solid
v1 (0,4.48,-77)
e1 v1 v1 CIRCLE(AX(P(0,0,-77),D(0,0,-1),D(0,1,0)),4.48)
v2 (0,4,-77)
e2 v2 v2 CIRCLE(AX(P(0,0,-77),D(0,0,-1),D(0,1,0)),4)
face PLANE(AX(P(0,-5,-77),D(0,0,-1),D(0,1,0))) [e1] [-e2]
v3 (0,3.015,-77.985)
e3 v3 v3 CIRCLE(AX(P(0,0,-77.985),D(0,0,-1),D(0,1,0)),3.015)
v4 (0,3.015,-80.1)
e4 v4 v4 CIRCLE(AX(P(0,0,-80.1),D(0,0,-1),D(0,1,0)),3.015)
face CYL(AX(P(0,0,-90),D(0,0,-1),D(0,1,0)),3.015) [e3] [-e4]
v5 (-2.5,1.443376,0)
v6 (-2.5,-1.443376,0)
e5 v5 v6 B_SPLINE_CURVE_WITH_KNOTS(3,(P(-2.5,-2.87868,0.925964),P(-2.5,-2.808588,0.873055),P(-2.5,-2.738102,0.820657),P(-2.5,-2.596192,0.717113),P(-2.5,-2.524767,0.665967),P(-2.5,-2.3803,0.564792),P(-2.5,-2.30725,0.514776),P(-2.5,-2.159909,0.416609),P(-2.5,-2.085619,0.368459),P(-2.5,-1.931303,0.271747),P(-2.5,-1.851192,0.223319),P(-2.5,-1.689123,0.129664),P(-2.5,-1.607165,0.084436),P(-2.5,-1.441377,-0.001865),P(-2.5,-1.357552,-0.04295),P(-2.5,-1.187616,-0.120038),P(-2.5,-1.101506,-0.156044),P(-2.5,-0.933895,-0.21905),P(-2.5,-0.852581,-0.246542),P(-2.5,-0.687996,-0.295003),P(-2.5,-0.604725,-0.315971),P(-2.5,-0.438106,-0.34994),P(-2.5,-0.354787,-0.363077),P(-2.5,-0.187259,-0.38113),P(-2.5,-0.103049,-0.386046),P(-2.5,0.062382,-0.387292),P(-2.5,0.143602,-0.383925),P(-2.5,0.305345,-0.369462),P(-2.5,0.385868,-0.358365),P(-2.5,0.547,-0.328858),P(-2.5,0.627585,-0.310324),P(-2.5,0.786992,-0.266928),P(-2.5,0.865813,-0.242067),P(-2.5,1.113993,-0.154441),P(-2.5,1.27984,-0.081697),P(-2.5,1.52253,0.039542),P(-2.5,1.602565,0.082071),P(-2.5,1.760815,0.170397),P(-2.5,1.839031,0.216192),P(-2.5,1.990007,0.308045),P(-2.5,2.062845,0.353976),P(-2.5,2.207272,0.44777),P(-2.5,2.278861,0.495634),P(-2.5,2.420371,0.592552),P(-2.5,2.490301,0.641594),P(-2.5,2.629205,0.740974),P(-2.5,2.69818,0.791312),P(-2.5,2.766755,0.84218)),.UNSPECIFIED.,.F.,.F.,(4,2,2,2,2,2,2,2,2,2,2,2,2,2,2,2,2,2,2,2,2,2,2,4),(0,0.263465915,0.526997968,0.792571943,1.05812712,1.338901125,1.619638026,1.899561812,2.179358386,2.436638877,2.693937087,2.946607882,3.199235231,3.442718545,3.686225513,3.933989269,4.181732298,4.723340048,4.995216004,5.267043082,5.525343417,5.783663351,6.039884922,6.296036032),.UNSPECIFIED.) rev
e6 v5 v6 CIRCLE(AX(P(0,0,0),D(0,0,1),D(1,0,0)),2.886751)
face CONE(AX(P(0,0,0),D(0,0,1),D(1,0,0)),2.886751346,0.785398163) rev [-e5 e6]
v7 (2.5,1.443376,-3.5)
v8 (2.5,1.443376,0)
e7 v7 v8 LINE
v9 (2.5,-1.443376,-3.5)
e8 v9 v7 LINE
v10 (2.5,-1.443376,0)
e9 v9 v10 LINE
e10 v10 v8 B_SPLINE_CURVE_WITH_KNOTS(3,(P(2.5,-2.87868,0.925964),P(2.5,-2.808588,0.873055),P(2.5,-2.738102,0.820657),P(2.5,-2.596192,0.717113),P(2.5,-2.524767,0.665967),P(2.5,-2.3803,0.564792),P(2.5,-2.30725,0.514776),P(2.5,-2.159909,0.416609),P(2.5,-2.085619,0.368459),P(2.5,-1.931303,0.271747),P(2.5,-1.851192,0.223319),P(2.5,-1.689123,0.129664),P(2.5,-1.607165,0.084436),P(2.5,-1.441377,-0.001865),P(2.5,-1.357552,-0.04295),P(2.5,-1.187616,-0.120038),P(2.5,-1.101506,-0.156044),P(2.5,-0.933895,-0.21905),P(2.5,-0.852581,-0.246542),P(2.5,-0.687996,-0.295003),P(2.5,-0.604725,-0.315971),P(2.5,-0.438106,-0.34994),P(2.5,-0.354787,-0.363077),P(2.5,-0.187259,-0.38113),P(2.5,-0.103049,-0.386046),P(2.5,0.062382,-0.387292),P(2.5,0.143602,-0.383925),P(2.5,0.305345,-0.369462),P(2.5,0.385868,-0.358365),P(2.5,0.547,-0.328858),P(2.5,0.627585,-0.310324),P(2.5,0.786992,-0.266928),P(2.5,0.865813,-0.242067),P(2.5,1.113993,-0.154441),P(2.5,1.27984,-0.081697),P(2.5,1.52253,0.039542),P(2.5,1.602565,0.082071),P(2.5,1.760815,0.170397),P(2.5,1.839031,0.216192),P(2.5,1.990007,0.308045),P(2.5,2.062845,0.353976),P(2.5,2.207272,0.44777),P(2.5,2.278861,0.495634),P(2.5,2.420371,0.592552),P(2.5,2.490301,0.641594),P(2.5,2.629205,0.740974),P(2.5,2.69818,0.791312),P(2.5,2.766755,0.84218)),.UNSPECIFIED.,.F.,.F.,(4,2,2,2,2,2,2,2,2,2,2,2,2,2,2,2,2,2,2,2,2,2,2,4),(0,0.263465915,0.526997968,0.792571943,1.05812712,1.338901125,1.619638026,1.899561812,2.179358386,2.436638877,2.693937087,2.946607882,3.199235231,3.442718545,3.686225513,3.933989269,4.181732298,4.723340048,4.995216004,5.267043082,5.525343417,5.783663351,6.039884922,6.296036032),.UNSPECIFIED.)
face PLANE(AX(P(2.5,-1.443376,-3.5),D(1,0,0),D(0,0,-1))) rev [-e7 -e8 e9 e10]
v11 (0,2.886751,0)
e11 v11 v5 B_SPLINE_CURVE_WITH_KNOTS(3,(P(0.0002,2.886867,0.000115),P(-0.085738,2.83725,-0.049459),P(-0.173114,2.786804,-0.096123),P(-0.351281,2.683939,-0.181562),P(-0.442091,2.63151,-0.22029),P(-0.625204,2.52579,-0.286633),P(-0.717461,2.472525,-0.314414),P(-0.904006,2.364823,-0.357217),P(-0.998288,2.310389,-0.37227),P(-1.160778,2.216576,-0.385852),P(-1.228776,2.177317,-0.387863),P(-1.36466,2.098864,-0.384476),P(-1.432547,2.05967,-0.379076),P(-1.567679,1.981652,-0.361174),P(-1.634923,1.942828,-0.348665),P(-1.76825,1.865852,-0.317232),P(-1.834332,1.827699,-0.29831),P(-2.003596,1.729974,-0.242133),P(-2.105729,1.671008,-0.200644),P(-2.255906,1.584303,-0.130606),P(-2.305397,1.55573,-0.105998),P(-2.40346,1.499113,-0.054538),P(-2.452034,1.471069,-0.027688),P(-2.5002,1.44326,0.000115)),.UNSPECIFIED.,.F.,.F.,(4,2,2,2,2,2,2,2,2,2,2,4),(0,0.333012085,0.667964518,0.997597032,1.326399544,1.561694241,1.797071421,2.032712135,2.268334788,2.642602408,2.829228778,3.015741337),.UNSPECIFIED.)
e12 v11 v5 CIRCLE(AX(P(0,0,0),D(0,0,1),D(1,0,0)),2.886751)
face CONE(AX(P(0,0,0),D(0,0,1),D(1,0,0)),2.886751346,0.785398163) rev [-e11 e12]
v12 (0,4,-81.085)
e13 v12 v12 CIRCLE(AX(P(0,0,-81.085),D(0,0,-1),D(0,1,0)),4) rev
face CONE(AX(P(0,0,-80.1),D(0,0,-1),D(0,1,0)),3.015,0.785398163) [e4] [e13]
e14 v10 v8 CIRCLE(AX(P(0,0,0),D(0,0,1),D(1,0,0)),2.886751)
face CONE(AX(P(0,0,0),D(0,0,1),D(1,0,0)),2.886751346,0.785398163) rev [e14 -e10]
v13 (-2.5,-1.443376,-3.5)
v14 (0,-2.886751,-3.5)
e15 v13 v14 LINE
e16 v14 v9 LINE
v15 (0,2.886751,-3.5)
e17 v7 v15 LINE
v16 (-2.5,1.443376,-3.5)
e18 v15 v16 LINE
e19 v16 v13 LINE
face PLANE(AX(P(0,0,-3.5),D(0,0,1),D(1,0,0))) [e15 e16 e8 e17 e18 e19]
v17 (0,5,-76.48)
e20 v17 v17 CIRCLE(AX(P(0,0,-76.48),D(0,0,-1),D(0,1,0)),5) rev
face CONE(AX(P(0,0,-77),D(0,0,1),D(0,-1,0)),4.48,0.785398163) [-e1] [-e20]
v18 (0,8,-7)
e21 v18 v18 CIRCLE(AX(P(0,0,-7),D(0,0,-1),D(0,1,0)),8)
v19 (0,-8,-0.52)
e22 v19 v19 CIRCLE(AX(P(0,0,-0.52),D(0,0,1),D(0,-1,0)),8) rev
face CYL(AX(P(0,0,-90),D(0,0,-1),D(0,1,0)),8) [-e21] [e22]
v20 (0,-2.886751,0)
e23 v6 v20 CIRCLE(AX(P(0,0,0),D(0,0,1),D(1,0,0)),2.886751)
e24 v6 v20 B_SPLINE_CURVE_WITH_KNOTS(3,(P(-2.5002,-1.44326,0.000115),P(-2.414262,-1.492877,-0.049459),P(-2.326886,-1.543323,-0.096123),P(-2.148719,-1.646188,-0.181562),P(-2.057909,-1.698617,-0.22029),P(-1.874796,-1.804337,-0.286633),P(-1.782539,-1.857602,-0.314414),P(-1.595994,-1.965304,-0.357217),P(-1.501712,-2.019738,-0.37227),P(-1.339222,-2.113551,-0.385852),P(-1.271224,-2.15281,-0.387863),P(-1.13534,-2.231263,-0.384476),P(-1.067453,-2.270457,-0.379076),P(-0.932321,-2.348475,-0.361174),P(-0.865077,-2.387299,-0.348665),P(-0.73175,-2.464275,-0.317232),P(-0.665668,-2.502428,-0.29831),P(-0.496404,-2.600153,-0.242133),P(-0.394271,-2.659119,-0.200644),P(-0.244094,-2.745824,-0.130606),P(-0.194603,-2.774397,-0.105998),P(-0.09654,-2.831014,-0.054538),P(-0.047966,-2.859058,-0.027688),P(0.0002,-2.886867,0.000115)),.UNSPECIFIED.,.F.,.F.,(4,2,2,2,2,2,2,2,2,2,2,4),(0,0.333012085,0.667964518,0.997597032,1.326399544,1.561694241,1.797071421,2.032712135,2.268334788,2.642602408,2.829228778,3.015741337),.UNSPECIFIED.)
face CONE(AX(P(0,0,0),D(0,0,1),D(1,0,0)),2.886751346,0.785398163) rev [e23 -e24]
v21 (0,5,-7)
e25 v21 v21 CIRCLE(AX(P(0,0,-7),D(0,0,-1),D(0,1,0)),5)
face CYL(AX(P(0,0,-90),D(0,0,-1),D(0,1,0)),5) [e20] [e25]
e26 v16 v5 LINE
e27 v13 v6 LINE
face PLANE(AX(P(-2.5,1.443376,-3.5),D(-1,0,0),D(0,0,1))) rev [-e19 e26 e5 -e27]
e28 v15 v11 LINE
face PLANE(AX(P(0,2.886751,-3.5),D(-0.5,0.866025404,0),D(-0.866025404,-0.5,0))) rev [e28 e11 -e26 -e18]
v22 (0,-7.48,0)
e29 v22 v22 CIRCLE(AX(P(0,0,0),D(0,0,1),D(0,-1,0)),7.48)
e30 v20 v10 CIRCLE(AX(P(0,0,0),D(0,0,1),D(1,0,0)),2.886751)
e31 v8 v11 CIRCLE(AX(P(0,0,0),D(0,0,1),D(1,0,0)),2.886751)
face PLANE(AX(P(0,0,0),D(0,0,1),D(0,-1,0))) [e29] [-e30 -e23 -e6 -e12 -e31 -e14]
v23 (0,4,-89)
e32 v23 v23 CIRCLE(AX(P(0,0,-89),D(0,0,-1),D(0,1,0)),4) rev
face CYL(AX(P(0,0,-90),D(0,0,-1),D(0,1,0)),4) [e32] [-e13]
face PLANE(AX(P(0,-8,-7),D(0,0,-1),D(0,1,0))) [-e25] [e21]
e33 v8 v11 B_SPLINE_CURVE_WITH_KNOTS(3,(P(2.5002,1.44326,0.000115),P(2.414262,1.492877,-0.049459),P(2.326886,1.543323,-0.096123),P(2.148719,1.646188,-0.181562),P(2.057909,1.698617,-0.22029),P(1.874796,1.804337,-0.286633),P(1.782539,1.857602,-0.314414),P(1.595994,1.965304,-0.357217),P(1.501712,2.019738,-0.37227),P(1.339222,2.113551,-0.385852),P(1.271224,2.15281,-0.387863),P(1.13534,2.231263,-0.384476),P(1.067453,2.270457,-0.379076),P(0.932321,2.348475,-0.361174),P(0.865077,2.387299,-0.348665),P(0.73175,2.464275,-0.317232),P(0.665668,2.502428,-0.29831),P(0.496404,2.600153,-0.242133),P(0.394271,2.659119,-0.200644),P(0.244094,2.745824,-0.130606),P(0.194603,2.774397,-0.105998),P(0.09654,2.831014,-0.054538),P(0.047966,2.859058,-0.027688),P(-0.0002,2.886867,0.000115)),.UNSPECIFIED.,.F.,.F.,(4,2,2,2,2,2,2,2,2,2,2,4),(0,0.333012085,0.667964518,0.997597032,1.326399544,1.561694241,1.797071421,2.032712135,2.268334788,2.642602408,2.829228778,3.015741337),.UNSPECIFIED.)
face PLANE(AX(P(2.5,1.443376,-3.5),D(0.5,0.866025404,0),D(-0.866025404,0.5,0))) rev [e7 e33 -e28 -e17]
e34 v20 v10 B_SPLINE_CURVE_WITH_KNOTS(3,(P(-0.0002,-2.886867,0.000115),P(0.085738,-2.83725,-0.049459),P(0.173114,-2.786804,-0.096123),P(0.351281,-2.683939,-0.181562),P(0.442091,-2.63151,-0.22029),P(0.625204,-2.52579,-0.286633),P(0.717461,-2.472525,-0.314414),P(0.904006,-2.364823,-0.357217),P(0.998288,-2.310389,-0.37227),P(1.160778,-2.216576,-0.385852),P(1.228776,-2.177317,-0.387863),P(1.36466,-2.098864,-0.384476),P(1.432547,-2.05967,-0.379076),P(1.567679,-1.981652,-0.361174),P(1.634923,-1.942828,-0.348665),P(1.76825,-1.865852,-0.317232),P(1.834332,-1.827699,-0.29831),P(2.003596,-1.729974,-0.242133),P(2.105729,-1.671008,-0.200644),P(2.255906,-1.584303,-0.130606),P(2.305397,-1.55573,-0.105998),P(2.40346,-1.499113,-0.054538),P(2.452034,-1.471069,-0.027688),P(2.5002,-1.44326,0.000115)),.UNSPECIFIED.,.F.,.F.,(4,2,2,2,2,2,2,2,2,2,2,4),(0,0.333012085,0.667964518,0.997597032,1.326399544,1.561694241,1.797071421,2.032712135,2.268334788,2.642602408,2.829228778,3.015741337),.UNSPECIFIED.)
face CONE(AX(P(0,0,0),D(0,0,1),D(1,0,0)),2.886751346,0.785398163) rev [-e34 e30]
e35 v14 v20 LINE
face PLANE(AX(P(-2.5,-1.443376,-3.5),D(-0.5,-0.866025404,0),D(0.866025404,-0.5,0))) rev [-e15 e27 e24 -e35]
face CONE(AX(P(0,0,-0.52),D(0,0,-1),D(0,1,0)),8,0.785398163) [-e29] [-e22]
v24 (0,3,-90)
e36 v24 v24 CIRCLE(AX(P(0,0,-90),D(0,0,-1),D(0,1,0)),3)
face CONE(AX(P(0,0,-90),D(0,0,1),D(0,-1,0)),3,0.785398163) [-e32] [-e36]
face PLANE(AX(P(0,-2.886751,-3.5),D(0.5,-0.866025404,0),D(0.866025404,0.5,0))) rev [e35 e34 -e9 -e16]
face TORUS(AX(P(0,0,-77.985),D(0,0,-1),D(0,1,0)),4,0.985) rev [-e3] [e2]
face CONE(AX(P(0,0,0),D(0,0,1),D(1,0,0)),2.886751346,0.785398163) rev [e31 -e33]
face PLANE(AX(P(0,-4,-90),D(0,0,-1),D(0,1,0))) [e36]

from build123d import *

# Parameters (mm, degrees)
CHAMFER1_SIZE      = 1
CHAMFER2_SIZE      = 0.52
CUT_EXTRUDE2_DEPTH = 3.5


with BuildPart() as part:
    # Sketch1 → Revolve1 (revolve)
    with BuildSketch(Plane(origin=(0, 0, 0), x_dir=(0, 0, -1), z_dir=(1, 0, 0))):
        Polygon((0, 8), (7, 8), (7, 5), (77, 5), (77, 4), (90, 4), (90, 0), (0, 0), align=None)
    revolve(axis=Axis((0, 0, -90), (0, 0, 1)))

    # Sketch5 → Cut-Revolve1 (revolve, cut)
    with BuildSketch(Plane(origin=(0, 0, 0), x_dir=(0, 0, -1), z_dir=(1, 0, 0))):
        with BuildLine():
            Line((77, 5), (82.085, 5))
            Line((82.085, 5), (80.1, 3.015))
            Line((80.1, 3.015), (77.985, 3.015))
            ThreePointArc((77.985, 3.015), (77.288499821, 3.303499821), (77, 4))
            Line((77, 4), (77, 5))
        make_face()
    revolve(axis=Axis((0, 0, -90), (0, 0, 1)), mode=Mode.SUBTRACT)

    # Chamfer1
    chamfer1_edges = [part.edges().sort_by_distance(p)[0] for p in [
        (0, -4, -90),
    ]]
    chamfer(chamfer1_edges, length=CHAMFER1_SIZE)

    # Chamfer2
    chamfer2_edges = [part.edges().sort_by_distance(p)[0] for p in [
        (0, -5, -77),
        (0, -8, 0),
    ]]
    chamfer(chamfer2_edges, length=CHAMFER2_SIZE)

    # Sketch8 → Cut-Extrude2 (cut)
    with BuildSketch(Plane.XY):
        Polygon((2.5, 1.443375673), (0, 2.886751346), (-2.5, 1.443375673), (-2.5, -1.443375673), (0, -2.886751346), (2.5, -1.443375673), align=None)
    extrude(amount=-CUT_EXTRUDE2_DEPTH, mode=Mode.SUBTRACT)

    # Cut-Extrude4 cone 1 section (through the dimple's axis) → Cut-Extrude4 (revolve, cut)
    with BuildSketch(Plane(origin=(0, 0, 0), x_dir=(0, -1, 0), z_dir=(1, 0, 0))):
        Polygon((0, 0), (2.886751346, 0), (0, 2.886751346), align=None)
    revolve(axis=Axis((0, 0, 0), (0, 0, -1)), mode=Mode.SUBTRACT)


solid = part.part
